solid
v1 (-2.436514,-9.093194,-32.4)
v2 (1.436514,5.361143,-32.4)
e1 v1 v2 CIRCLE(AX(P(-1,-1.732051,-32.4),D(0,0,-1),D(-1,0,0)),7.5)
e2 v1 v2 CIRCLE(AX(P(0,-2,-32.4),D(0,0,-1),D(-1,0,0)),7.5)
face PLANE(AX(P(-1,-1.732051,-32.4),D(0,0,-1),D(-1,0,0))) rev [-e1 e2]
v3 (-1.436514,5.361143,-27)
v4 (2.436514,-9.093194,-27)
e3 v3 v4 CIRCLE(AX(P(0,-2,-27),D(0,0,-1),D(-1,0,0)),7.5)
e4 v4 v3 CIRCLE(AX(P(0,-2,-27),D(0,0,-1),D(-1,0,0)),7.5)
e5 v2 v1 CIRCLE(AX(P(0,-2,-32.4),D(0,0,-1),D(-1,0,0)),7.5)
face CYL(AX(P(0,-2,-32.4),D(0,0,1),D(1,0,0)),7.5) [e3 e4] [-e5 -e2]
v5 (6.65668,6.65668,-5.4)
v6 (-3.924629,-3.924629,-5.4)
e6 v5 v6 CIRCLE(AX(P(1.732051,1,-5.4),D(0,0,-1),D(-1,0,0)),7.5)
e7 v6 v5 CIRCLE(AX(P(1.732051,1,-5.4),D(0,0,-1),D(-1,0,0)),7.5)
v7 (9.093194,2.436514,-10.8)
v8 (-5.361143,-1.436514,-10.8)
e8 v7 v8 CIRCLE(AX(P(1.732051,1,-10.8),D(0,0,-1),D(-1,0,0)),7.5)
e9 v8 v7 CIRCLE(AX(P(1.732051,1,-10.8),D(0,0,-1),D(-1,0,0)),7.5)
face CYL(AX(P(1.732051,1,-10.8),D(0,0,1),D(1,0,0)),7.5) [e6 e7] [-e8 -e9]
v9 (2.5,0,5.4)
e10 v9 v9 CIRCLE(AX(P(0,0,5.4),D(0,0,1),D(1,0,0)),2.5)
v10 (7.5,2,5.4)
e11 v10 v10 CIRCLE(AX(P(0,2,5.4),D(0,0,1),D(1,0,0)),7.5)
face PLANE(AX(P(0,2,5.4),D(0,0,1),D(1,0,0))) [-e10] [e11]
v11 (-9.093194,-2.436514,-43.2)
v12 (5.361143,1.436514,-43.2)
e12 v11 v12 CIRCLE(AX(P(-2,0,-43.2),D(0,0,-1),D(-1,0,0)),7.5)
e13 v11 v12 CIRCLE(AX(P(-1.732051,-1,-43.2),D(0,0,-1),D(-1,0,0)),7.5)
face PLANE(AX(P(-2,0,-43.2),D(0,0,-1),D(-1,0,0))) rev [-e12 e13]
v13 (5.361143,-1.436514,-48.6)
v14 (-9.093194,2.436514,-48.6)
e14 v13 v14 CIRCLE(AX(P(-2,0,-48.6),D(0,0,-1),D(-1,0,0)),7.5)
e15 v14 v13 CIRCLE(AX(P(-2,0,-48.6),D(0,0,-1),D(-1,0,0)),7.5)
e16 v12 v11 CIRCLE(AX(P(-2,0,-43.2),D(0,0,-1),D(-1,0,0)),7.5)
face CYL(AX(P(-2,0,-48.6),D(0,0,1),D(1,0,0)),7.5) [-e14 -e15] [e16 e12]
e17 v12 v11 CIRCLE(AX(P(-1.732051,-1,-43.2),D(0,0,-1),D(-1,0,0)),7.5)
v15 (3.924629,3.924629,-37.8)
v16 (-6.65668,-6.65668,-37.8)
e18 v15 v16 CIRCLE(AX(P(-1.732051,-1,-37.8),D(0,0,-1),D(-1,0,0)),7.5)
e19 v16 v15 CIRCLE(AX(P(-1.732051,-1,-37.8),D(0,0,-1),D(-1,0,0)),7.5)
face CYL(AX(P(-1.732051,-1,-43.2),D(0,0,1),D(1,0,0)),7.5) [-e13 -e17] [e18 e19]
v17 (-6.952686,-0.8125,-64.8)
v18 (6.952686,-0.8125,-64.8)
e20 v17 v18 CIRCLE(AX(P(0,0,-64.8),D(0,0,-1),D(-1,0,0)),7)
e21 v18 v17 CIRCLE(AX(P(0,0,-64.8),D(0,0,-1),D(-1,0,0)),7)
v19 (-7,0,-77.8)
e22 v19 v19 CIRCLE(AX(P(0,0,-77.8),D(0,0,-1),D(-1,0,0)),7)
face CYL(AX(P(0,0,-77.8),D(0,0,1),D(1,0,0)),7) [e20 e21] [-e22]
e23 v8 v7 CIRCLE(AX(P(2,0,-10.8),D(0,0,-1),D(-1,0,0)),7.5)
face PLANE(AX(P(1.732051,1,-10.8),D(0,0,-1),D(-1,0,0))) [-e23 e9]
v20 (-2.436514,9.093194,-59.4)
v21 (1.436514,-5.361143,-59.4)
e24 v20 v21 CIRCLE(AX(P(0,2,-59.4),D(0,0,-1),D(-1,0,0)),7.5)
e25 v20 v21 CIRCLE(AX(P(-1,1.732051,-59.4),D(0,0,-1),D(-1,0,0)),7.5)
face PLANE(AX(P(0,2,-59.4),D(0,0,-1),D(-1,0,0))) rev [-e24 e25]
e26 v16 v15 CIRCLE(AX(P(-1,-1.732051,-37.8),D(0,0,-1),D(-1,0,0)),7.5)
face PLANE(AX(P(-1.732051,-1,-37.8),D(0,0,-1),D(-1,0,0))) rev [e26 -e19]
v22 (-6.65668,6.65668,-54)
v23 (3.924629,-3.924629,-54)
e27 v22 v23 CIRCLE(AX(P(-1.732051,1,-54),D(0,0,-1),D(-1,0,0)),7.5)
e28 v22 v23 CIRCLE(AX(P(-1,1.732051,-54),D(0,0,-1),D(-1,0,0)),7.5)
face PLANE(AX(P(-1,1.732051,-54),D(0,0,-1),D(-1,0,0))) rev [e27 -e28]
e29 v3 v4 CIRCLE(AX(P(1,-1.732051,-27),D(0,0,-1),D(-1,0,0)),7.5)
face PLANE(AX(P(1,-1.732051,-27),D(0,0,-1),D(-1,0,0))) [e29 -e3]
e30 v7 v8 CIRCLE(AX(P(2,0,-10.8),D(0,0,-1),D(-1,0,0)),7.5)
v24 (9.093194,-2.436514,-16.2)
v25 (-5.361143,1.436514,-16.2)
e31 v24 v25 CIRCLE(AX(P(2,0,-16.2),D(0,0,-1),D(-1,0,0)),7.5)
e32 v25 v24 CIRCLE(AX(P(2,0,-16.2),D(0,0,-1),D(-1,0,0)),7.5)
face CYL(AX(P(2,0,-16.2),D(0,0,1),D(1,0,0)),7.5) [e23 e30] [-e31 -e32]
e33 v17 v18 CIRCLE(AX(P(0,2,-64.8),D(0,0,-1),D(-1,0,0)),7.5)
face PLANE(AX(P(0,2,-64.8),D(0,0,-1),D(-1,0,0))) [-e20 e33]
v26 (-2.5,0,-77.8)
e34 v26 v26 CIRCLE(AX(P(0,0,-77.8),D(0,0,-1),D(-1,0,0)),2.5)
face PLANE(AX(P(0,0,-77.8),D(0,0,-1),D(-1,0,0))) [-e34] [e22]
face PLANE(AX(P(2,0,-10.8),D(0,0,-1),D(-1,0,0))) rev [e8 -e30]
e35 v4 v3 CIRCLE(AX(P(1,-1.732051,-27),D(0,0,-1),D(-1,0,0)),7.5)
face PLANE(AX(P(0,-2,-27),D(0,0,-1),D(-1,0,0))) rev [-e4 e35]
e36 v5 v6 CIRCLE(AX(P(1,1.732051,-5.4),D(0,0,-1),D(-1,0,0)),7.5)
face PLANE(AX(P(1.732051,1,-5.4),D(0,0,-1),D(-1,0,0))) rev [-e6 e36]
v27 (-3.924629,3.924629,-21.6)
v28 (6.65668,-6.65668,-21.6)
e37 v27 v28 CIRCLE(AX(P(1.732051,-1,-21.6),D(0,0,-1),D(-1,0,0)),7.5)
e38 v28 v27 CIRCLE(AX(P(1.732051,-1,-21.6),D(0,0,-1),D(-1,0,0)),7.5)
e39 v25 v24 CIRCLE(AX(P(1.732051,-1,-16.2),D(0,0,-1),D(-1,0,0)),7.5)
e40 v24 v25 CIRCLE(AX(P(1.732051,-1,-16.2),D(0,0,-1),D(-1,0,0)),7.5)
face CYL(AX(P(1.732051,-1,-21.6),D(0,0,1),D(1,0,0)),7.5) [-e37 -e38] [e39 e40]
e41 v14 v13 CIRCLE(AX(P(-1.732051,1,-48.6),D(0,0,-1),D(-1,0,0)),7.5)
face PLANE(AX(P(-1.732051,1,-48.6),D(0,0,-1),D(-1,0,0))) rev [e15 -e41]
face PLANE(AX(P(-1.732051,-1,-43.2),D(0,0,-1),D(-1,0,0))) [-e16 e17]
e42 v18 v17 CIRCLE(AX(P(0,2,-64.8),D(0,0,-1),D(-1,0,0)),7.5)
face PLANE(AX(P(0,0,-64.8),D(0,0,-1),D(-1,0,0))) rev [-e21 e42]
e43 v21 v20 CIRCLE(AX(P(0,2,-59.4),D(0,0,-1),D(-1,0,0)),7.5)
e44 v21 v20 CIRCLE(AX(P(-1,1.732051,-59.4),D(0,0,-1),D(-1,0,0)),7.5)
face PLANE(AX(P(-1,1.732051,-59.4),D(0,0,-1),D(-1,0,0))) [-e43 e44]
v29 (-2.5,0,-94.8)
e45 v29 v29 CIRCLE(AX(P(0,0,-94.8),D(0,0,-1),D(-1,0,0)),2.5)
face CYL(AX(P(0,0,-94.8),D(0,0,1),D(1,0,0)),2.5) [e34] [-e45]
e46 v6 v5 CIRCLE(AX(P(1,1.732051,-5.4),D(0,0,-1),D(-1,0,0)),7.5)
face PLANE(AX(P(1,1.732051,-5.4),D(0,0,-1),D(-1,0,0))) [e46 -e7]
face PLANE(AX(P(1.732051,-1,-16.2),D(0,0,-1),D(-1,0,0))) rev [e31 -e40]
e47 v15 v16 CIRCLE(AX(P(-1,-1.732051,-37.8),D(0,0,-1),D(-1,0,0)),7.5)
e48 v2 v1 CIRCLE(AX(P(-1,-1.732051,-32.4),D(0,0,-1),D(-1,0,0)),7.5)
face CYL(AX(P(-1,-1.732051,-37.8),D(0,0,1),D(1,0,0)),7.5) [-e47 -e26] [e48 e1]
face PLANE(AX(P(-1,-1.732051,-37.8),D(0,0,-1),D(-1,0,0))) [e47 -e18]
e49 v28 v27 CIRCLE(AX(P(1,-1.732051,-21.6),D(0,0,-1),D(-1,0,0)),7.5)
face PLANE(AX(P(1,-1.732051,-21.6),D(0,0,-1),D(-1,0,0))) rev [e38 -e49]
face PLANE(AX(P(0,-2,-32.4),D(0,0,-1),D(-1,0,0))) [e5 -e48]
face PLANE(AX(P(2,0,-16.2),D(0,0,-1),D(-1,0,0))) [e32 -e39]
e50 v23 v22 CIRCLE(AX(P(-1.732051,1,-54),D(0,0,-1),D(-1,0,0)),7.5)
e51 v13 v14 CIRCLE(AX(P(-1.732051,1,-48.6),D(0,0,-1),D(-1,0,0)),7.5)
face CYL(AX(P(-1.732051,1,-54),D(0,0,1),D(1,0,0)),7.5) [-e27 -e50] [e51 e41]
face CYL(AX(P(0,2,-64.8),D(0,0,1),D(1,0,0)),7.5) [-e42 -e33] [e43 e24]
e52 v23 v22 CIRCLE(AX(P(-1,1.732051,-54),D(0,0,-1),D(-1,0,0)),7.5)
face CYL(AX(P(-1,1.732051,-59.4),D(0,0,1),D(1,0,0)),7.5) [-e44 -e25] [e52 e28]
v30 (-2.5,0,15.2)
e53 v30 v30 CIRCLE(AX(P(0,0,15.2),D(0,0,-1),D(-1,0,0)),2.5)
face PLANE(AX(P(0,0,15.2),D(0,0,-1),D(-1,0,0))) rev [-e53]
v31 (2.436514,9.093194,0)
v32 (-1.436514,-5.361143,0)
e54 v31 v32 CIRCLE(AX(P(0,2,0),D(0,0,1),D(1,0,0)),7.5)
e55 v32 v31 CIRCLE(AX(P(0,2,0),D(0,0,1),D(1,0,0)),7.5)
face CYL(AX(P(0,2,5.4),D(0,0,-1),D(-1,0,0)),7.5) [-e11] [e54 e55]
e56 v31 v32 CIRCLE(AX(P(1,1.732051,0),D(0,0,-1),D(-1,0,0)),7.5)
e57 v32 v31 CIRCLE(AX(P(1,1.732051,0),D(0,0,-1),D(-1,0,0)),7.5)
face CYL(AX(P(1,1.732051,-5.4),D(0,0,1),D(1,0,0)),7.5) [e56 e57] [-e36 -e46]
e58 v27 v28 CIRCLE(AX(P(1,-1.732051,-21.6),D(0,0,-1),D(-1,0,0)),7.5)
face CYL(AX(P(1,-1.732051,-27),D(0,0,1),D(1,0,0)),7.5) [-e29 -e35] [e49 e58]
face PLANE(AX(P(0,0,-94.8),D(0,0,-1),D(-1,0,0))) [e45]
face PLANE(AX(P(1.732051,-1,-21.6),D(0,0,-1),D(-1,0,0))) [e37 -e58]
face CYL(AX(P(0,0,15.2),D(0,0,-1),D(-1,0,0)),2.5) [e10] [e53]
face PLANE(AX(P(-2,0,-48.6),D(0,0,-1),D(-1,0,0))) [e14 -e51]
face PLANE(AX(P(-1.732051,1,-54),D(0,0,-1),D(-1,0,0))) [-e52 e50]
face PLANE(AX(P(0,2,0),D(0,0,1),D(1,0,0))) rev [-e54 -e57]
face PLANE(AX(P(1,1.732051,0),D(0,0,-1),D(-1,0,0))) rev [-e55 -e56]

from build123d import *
from build123d.topology import SkipClean

# Parameters (mm, degrees)
SKETCH1_R            = 7.5
SKETCH1_R_2          = 2.5
BOSS_EXTRUDE1_DEPTH  = 5.4
BOSS_EXTRUDE2_START  = 5.4
SKETCH2_R            = 7.5
SKETCH2_R_2          = 2.5
BOSS_EXTRUDE2_DEPTH  = 5.4
BOSS_EXTRUDE3_START  = 5.4
SKETCH3_R            = 7.5
SKETCH3_R_2          = 2.5
BOSS_EXTRUDE3_DEPTH  = 5.4
BOSS_EXTRUDE4_START  = 5.4
SKETCH4_R            = 7.5
SKETCH4_R_2          = 2.5
BOSS_EXTRUDE4_DEPTH  = 5.4
BOSS_EXTRUDE5_START  = 5.4
SKETCH5_R            = 7.5
SKETCH5_R_2          = 2.5
BOSS_EXTRUDE5_DEPTH  = 5.4
BOSS_EXTRUDE6_START  = 5.4
SKETCH6_R            = 7.5
SKETCH6_R_2          = 2.5
BOSS_EXTRUDE6_DEPTH  = 5.4
BOSS_EXTRUDE7_START  = 5.4
SKETCH7_R            = 7.5
SKETCH7_R_2          = 2.5
BOSS_EXTRUDE7_DEPTH  = 5.4
BOSS_EXTRUDE9_START  = 5.4
SKETCH8_R            = 7.5
SKETCH8_R_2          = 2.5
BOSS_EXTRUDE9_DEPTH  = 5.4
BOSS_EXTRUDE10_START = 5.4
SKETCH9_R            = 7.5
SKETCH9_R_2          = 2.5
BOSS_EXTRUDE10_DEPTH = 5.4
BOSS_EXTRUDE11_START = 5.4
SKETCH10_R           = 7.5
SKETCH10_R_2         = 2.5
BOSS_EXTRUDE11_DEPTH = 5.4
BOSS_EXTRUDE12_START = 5.4
SKETCH11_R           = 7.5
SKETCH11_R_2         = 2.5
BOSS_EXTRUDE12_DEPTH = 5.4
BOSS_EXTRUDE13_START = 5.4
SKETCH12_R           = 7.5
SKETCH12_R_2         = 2.5
BOSS_EXTRUDE13_DEPTH = 5.4
BOSS_EXTRUDE14_START = 5.4
SKETCH13_R           = 7.5
SKETCH13_R_2         = 2.5
BOSS_EXTRUDE14_DEPTH = 5.4
SKETCH14_R           = 2.5
BOSS_EXTRUDE15_DEPTH = 80
BOSS_EXTRUDE16_START = 30
SKETCH14_2_R         = 2.5
BOSS_EXTRUDE16_DEPTH = 30
SKETCH15_R           = 7
BOSS_EXTRUDE17_DEPTH = 13


with BuildPart() as part:
    # Sketch1 → Boss-Extrude1 (new body)
    with BuildSketch(Plane.XY):
        with Locations((0, 2)):
            Circle(SKETCH1_R)
        Circle(SKETCH1_R_2, mode=Mode.SUBTRACT)
    extrude(amount=BOSS_EXTRUDE1_DEPTH)

    # Sketch2 → Boss-Extrude2 (add)
    with SkipClean():  # the faces are left unmerged after this step: merging them gives an invalid solid
        with BuildSketch(Plane(origin=(0, 0, 0), x_dir=(-1, 0, 0), z_dir=(0, 0, -1)).offset(BOSS_EXTRUDE2_START)):
            with Locations((-1, 1.732050808)):
                Circle(SKETCH2_R)
            Circle(SKETCH2_R_2, mode=Mode.SUBTRACT)
        extrude(amount=-BOSS_EXTRUDE2_DEPTH)

    # Sketch3 → Boss-Extrude3 (add)
    with SkipClean():  # the faces are left unmerged after this step: merging them gives an invalid solid
        with BuildSketch(Plane(origin=(0, 0, -5.4), x_dir=(-1, 0, 0), z_dir=(0, 0, -1)).offset(BOSS_EXTRUDE3_START)):
            with Locations((-1.732050808, 1)):
                Circle(SKETCH3_R)
            Circle(SKETCH3_R_2, mode=Mode.SUBTRACT)
        extrude(amount=-BOSS_EXTRUDE3_DEPTH)

    # Sketch4 → Boss-Extrude4 (add)
    with SkipClean():  # the faces are left unmerged after this step: merging them gives an invalid solid
        with BuildSketch(Plane(origin=(0, 0, -10.8), x_dir=(-1, 0, 0), z_dir=(0, 0, -1)).offset(BOSS_EXTRUDE4_START)):
            with Locations((-2, 0)):
                Circle(SKETCH4_R)
            Circle(SKETCH4_R_2, mode=Mode.SUBTRACT)
        extrude(amount=-BOSS_EXTRUDE4_DEPTH)

    # Sketch5 → Boss-Extrude5 (add)
    with SkipClean():  # the faces are left unmerged after this step: merging them gives an invalid solid
        with BuildSketch(Plane(origin=(0, 0, -16.2), x_dir=(-1, 0, 0), z_dir=(0, 0, -1)).offset(BOSS_EXTRUDE5_START)):
            with Locations((-1.732050808, -1)):
                Circle(SKETCH5_R)
            Circle(SKETCH5_R_2, mode=Mode.SUBTRACT)
        extrude(amount=-BOSS_EXTRUDE5_DEPTH)

    # Sketch6 → Boss-Extrude6 (add)
    with SkipClean():  # the faces are left unmerged after this step: merging them gives an invalid solid
        with BuildSketch(Plane(origin=(0, 0, -21.6), x_dir=(-1, 0, 0), z_dir=(0, 0, -1)).offset(BOSS_EXTRUDE6_START)):
            with Locations((-1, -1.732050808)):
                Circle(SKETCH6_R)
            Circle(SKETCH6_R_2, mode=Mode.SUBTRACT)
        extrude(amount=-BOSS_EXTRUDE6_DEPTH)

    # Sketch7 → Boss-Extrude7 (add)
    with SkipClean():  # the faces are left unmerged after this step: merging them gives an invalid solid
        with BuildSketch(Plane(origin=(0, 0, -27), x_dir=(-1, 0, 0), z_dir=(0, 0, -1)).offset(BOSS_EXTRUDE7_START)):
            with Locations((0, -2)):
                Circle(SKETCH7_R)
            Circle(SKETCH7_R_2, mode=Mode.SUBTRACT)
        extrude(amount=-BOSS_EXTRUDE7_DEPTH)

    # Sketch8 → Boss-Extrude9 (add)
    with SkipClean():  # the faces are left unmerged after this step: merging them gives an invalid solid
        with BuildSketch(Plane(origin=(0, 0, -32.4), x_dir=(-1, 0, 0), z_dir=(0, 0, -1)).offset(BOSS_EXTRUDE9_START)):
            with Locations((1, -1.732050808)):
                Circle(SKETCH8_R)
            Circle(SKETCH8_R_2, mode=Mode.SUBTRACT)
        extrude(amount=-BOSS_EXTRUDE9_DEPTH)

    # Sketch9 → Boss-Extrude10 (add)
    with SkipClean():  # the faces are left unmerged after this step: merging them gives an invalid solid
        with BuildSketch(Plane(origin=(0, 0, -37.8), x_dir=(-1, 0, 0), z_dir=(0, 0, -1)).offset(BOSS_EXTRUDE10_START)):
            with Locations((1.732050808, -1)):
                Circle(SKETCH9_R)
            Circle(SKETCH9_R_2, mode=Mode.SUBTRACT)
        extrude(amount=-BOSS_EXTRUDE10_DEPTH)

    # Sketch10 → Boss-Extrude11 (add)
    with SkipClean():  # the faces are left unmerged after this step: merging them gives an invalid solid
        with BuildSketch(Plane(origin=(0, 0, -43.2), x_dir=(-1, 0, 0), z_dir=(0, 0, -1)).offset(BOSS_EXTRUDE11_START)):
            with Locations((2, 0)):
                Circle(SKETCH10_R)
            Circle(SKETCH10_R_2, mode=Mode.SUBTRACT)
        extrude(amount=-BOSS_EXTRUDE11_DEPTH)

    # Sketch11 → Boss-Extrude12 (add)
    with SkipClean():  # the faces are left unmerged after this step: merging them gives an invalid solid
        with BuildSketch(Plane(origin=(0, 0, -48.6), x_dir=(-1, 0, 0), z_dir=(0, 0, -1)).offset(BOSS_EXTRUDE12_START)):
            with Locations((1.732050808, 1)):
                Circle(SKETCH11_R)
            Circle(SKETCH11_R_2, mode=Mode.SUBTRACT)
        extrude(amount=-BOSS_EXTRUDE12_DEPTH)

    # Sketch12 → Boss-Extrude13 (add)
    with SkipClean():  # the faces are left unmerged after this step: merging them gives an invalid solid
        with BuildSketch(Plane(origin=(0, 0, -54), x_dir=(-1, 0, 0), z_dir=(0, 0, -1)).offset(BOSS_EXTRUDE13_START)):
            with Locations((1, 1.732050808)):
                Circle(SKETCH12_R)
            Circle(SKETCH12_R_2, mode=Mode.SUBTRACT)
        extrude(amount=-BOSS_EXTRUDE13_DEPTH)

    # Sketch13 → Boss-Extrude14 (add)
    with SkipClean():  # the faces are left unmerged after this step: merging them gives an invalid solid
        with BuildSketch(Plane(origin=(0, 0, -59.4), x_dir=(-1, 0, 0), z_dir=(0, 0, -1)).offset(BOSS_EXTRUDE14_START)):
            with Locations((0, 2)):
                Circle(SKETCH13_R)
            Circle(SKETCH13_R_2, mode=Mode.SUBTRACT)
        extrude(amount=-BOSS_EXTRUDE14_DEPTH)

    # Sketch14 → Boss-Extrude15 (add)
    with BuildSketch(Plane(origin=(0, 0, -64.8), x_dir=(-1, 0, 0), z_dir=(0, 0, -1))):
        Circle(SKETCH14_R)
    extrude(amount=-BOSS_EXTRUDE15_DEPTH)

    # Sketch14<2> → Boss-Extrude16 (add)
    with BuildSketch(Plane(origin=(0, 0, -64.8), x_dir=(-1, 0, 0), z_dir=(0, 0, -1)).offset(BOSS_EXTRUDE16_START)):
        Circle(SKETCH14_2_R)
    extrude(amount=-BOSS_EXTRUDE16_DEPTH)

    # Sketch15 → Boss-Extrude17 (add)
    with BuildSketch(Plane(origin=(0, 0, -64.8), x_dir=(-1, 0, 0), z_dir=(0, 0, -1))):
        Circle(SKETCH15_R)
    extrude(amount=BOSS_EXTRUDE17_DEPTH)


solid = part.part
